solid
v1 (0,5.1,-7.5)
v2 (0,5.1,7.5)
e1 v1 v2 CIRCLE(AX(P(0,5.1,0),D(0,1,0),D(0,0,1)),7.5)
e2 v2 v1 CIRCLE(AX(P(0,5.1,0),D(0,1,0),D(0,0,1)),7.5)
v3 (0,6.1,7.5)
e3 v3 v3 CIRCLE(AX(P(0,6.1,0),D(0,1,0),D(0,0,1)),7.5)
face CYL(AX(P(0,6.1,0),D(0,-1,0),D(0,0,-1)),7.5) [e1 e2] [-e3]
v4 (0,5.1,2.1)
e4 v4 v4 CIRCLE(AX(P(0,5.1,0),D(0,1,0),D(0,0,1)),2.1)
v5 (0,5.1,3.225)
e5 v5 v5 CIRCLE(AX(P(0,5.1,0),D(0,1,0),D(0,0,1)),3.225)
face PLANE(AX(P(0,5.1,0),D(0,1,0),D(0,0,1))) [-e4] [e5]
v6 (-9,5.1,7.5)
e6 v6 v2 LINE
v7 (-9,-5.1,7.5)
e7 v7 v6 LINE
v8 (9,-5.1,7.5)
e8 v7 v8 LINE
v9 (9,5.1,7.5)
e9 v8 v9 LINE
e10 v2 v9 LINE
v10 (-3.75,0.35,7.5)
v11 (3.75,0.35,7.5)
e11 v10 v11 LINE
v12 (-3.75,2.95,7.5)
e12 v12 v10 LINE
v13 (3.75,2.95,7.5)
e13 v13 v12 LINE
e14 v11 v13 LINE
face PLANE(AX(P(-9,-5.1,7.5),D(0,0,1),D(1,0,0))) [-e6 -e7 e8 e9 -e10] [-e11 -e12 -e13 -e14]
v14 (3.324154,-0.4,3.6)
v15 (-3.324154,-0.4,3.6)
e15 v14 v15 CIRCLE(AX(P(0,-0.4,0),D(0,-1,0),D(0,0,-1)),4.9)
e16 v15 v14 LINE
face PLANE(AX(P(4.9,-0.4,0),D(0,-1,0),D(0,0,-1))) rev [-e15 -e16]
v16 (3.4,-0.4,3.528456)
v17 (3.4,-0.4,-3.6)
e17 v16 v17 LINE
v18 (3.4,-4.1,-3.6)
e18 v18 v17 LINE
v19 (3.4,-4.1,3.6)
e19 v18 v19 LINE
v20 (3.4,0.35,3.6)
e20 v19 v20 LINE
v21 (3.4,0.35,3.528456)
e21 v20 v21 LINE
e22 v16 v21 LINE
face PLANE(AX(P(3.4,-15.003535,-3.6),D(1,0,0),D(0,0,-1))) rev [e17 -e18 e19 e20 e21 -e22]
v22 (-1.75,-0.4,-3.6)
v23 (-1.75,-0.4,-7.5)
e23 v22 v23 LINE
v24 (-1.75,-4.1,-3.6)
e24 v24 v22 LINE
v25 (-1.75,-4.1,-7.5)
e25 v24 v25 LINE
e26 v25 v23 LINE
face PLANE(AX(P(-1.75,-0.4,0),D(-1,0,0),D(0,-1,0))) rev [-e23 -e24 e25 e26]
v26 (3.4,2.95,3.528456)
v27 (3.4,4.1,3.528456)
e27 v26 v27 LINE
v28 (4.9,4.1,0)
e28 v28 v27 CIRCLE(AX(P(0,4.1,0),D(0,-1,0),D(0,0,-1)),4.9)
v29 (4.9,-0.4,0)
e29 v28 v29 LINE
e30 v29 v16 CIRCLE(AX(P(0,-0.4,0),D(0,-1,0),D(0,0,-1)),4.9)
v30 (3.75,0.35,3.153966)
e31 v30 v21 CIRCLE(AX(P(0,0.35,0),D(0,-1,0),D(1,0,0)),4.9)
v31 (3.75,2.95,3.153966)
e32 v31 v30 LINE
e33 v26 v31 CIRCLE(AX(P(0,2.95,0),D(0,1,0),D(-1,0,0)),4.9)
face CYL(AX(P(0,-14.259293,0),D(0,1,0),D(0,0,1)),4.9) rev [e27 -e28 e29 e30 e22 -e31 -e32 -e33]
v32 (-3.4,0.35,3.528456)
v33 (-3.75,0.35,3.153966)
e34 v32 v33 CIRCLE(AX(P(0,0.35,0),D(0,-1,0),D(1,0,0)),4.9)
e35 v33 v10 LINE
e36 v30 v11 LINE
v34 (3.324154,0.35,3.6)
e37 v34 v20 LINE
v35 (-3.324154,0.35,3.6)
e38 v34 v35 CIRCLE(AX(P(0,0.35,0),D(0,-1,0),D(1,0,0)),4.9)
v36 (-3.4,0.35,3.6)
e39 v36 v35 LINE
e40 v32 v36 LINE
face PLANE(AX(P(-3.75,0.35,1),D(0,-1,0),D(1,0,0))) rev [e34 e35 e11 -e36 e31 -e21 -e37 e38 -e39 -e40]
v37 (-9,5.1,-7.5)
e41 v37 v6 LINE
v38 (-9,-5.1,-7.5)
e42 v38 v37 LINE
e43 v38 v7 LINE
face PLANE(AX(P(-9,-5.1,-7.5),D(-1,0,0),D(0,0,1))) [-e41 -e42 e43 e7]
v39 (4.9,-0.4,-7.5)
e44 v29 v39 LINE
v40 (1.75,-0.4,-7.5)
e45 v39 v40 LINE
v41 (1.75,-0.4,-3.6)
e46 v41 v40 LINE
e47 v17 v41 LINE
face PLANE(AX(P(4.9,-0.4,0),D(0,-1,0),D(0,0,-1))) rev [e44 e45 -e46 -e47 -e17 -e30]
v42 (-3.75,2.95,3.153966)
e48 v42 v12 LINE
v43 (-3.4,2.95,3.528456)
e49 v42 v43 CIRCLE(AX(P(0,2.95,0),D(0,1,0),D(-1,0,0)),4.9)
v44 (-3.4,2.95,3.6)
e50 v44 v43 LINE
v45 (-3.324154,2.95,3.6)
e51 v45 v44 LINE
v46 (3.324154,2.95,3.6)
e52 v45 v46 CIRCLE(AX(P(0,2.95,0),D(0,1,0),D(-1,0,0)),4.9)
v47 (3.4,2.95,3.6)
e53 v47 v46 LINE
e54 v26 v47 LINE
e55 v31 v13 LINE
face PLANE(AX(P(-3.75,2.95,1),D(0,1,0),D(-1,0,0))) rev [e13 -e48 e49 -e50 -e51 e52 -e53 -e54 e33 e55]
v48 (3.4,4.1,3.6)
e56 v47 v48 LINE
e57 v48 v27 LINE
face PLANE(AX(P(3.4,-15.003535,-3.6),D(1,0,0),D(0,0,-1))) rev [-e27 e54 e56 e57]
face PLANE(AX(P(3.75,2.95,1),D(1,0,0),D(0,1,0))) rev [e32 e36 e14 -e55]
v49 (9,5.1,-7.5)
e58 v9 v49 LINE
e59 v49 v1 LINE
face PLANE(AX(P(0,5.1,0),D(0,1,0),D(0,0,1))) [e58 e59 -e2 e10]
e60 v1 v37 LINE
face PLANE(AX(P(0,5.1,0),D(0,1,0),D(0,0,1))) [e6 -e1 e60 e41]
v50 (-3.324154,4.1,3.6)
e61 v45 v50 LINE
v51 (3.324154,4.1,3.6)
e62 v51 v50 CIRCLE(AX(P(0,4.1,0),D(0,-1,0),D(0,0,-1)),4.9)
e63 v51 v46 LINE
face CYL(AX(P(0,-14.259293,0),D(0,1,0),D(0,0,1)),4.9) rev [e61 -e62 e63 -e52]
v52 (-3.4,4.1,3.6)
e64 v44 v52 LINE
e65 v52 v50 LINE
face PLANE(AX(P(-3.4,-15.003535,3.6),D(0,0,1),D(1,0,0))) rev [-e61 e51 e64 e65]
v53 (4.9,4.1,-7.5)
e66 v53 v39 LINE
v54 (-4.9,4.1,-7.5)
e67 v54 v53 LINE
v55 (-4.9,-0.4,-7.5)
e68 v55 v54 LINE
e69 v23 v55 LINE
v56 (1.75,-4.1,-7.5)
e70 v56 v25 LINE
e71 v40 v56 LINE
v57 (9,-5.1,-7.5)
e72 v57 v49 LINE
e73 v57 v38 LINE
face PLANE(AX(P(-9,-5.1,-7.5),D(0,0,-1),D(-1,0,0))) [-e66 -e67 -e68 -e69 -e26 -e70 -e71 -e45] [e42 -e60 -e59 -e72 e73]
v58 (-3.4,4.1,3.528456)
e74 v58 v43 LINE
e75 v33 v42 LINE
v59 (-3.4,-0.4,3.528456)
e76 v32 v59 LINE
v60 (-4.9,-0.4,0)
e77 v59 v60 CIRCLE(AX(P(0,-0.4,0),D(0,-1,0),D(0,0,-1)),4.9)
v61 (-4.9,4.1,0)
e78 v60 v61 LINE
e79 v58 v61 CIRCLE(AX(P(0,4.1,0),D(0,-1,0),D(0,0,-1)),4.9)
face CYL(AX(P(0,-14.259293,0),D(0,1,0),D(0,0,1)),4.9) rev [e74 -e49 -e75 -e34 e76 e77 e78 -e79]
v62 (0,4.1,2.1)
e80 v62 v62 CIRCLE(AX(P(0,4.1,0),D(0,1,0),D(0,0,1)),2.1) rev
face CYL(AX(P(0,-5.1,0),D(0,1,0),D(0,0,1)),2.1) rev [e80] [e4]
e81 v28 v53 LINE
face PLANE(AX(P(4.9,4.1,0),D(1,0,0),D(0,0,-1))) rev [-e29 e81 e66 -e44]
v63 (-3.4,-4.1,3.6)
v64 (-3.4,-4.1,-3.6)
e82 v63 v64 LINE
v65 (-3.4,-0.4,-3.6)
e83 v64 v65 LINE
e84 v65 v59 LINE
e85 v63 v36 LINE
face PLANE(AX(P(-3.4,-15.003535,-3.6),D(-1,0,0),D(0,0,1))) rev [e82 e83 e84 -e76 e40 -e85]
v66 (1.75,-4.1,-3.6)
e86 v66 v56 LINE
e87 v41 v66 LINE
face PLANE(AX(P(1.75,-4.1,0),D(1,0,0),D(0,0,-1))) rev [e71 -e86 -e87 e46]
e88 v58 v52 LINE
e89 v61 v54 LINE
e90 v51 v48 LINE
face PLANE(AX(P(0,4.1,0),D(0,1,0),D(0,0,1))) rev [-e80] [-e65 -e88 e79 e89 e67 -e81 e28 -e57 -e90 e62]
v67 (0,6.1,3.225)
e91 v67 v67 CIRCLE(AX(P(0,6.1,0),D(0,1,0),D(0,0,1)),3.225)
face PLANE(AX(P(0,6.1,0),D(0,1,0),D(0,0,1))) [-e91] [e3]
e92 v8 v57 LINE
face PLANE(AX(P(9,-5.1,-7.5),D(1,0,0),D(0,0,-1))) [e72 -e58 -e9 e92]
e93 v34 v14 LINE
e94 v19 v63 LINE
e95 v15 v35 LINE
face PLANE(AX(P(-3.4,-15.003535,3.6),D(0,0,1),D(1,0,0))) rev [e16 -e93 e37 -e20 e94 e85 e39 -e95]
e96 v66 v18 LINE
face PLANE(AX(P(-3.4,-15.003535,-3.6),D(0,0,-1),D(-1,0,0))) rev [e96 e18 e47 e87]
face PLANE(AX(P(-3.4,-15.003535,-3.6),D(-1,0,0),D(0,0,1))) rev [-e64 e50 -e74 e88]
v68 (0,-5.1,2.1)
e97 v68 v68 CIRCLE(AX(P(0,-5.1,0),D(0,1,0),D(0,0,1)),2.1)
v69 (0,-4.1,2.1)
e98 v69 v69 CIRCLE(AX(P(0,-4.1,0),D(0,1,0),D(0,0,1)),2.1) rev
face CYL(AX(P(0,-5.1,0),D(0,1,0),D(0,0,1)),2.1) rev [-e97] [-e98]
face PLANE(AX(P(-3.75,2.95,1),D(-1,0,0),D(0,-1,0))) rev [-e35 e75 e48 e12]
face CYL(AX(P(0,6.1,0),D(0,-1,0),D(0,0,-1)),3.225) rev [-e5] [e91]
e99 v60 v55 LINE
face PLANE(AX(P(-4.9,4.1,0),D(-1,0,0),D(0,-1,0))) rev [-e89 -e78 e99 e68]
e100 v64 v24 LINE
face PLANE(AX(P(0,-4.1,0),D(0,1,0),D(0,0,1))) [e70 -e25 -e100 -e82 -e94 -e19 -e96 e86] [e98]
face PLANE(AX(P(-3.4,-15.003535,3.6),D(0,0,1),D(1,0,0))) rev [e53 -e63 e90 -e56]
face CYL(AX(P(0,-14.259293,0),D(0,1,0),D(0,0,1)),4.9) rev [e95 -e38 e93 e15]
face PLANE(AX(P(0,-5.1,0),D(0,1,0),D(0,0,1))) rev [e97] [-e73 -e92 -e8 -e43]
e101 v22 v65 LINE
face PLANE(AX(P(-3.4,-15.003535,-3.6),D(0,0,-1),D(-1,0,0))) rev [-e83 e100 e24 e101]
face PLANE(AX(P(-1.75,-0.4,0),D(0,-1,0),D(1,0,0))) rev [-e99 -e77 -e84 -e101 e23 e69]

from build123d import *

# Parameters (mm, degrees)
BOSS_EXTRUDE1_DEPTH      = 5.1
BOSS_EXTRUDE1_DEPTH_BACK = 5.1
SKETCH1_W                = 18
SKETCH1_H                = 15
SKETCH1_R                = 2.1
CUT_EXTRUDE1_DEPTH       = 4.1
CUT_EXTRUDE1_DEPTH_BACK  = 4.1
SKETCH4_W                = 6.8
SKETCH4_H                = 7.2
CUT_EXTRUDE2_DEPTH       = 7.5
SKETCH6_R                = 4.9
CUT_EXTRUDE4_DEPTH       = 4.5
SKETCH7_R                = 7.5
SKETCH7_R_2              = 3.225
BOSS_EXTRUDE2_DEPTH      = 1
SKETCH8_W                = 7.5
SKETCH8_H                = 2.6
CUT_EXTRUDE5_DEPTH       = 6.5


with BuildPart() as part:
    # Sketch1 → Boss-Extrude1 (new, two sides: drawn at the far end of the back side and taken through both)
    with BuildSketch(Plane(origin=(0, 0, 0), x_dir=(1, 0, 0), z_dir=(0, 1, 0)).offset(-BOSS_EXTRUDE1_DEPTH_BACK)):
        Rectangle(SKETCH1_W, SKETCH1_H)
        with Locations(Location((0, 0, 0), (0, 0, 270))):
            Circle(SKETCH1_R, mode=Mode.SUBTRACT)
    extrude(amount=BOSS_EXTRUDE1_DEPTH + BOSS_EXTRUDE1_DEPTH_BACK)

    # Sketch4 → Cut-Extrude1 (cut, two sides: drawn at the far end of the back side and taken through both)
    with BuildSketch(Plane(origin=(0, 0, 0), x_dir=(1, 0, 0), z_dir=(0, 1, 0)).offset(-CUT_EXTRUDE1_DEPTH_BACK)):
        Rectangle(SKETCH4_W, SKETCH4_H)
    extrude(amount=CUT_EXTRUDE1_DEPTH + CUT_EXTRUDE1_DEPTH_BACK, mode=Mode.SUBTRACT)

    # Sketch5 → Cut-Extrude2 (cut)
    with BuildSketch(Plane(origin=(0, 0, -7.5), x_dir=(-1, 0, 0), z_dir=(0, 0, -1))):
        Polygon((1.75, -0.4), (4.9, -0.4), (4.9, 4.1), (-4.9, 4.1), (-4.9, -0.4), (-1.75, -0.4), (-1.75, -4.1), (1.75, -4.1), align=None)
    extrude(amount=-CUT_EXTRUDE2_DEPTH, mode=Mode.SUBTRACT)

    # Sketch6 → Cut-Extrude4 (cut)
    with BuildSketch(Plane.XZ.offset(-4.1)):
        Circle(SKETCH6_R)
    extrude(amount=CUT_EXTRUDE4_DEPTH, mode=Mode.SUBTRACT)

    # Sketch7 → Boss-Extrude2 (add)
    with BuildSketch(Plane(origin=(0, 5.1, 0), x_dir=(1, 0, 0), z_dir=(0, 1, 0))):
        with Locations(Location((0, 0, 0), (0, 0, 270))):
            Circle(SKETCH7_R)
        with Locations(Location((0, 0, 0), (0, 0, 270))):
            Circle(SKETCH7_R_2, mode=Mode.SUBTRACT)
    extrude(amount=BOSS_EXTRUDE2_DEPTH)

    # Sketch8 → Cut-Extrude5 (cut)
    with BuildSketch(Plane.XY.offset(7.5)):
        with Locations((0, 1.65)):
            Rectangle(SKETCH8_W, SKETCH8_H)
    extrude(amount=-CUT_EXTRUDE5_DEPTH, mode=Mode.SUBTRACT)


solid = part.part
